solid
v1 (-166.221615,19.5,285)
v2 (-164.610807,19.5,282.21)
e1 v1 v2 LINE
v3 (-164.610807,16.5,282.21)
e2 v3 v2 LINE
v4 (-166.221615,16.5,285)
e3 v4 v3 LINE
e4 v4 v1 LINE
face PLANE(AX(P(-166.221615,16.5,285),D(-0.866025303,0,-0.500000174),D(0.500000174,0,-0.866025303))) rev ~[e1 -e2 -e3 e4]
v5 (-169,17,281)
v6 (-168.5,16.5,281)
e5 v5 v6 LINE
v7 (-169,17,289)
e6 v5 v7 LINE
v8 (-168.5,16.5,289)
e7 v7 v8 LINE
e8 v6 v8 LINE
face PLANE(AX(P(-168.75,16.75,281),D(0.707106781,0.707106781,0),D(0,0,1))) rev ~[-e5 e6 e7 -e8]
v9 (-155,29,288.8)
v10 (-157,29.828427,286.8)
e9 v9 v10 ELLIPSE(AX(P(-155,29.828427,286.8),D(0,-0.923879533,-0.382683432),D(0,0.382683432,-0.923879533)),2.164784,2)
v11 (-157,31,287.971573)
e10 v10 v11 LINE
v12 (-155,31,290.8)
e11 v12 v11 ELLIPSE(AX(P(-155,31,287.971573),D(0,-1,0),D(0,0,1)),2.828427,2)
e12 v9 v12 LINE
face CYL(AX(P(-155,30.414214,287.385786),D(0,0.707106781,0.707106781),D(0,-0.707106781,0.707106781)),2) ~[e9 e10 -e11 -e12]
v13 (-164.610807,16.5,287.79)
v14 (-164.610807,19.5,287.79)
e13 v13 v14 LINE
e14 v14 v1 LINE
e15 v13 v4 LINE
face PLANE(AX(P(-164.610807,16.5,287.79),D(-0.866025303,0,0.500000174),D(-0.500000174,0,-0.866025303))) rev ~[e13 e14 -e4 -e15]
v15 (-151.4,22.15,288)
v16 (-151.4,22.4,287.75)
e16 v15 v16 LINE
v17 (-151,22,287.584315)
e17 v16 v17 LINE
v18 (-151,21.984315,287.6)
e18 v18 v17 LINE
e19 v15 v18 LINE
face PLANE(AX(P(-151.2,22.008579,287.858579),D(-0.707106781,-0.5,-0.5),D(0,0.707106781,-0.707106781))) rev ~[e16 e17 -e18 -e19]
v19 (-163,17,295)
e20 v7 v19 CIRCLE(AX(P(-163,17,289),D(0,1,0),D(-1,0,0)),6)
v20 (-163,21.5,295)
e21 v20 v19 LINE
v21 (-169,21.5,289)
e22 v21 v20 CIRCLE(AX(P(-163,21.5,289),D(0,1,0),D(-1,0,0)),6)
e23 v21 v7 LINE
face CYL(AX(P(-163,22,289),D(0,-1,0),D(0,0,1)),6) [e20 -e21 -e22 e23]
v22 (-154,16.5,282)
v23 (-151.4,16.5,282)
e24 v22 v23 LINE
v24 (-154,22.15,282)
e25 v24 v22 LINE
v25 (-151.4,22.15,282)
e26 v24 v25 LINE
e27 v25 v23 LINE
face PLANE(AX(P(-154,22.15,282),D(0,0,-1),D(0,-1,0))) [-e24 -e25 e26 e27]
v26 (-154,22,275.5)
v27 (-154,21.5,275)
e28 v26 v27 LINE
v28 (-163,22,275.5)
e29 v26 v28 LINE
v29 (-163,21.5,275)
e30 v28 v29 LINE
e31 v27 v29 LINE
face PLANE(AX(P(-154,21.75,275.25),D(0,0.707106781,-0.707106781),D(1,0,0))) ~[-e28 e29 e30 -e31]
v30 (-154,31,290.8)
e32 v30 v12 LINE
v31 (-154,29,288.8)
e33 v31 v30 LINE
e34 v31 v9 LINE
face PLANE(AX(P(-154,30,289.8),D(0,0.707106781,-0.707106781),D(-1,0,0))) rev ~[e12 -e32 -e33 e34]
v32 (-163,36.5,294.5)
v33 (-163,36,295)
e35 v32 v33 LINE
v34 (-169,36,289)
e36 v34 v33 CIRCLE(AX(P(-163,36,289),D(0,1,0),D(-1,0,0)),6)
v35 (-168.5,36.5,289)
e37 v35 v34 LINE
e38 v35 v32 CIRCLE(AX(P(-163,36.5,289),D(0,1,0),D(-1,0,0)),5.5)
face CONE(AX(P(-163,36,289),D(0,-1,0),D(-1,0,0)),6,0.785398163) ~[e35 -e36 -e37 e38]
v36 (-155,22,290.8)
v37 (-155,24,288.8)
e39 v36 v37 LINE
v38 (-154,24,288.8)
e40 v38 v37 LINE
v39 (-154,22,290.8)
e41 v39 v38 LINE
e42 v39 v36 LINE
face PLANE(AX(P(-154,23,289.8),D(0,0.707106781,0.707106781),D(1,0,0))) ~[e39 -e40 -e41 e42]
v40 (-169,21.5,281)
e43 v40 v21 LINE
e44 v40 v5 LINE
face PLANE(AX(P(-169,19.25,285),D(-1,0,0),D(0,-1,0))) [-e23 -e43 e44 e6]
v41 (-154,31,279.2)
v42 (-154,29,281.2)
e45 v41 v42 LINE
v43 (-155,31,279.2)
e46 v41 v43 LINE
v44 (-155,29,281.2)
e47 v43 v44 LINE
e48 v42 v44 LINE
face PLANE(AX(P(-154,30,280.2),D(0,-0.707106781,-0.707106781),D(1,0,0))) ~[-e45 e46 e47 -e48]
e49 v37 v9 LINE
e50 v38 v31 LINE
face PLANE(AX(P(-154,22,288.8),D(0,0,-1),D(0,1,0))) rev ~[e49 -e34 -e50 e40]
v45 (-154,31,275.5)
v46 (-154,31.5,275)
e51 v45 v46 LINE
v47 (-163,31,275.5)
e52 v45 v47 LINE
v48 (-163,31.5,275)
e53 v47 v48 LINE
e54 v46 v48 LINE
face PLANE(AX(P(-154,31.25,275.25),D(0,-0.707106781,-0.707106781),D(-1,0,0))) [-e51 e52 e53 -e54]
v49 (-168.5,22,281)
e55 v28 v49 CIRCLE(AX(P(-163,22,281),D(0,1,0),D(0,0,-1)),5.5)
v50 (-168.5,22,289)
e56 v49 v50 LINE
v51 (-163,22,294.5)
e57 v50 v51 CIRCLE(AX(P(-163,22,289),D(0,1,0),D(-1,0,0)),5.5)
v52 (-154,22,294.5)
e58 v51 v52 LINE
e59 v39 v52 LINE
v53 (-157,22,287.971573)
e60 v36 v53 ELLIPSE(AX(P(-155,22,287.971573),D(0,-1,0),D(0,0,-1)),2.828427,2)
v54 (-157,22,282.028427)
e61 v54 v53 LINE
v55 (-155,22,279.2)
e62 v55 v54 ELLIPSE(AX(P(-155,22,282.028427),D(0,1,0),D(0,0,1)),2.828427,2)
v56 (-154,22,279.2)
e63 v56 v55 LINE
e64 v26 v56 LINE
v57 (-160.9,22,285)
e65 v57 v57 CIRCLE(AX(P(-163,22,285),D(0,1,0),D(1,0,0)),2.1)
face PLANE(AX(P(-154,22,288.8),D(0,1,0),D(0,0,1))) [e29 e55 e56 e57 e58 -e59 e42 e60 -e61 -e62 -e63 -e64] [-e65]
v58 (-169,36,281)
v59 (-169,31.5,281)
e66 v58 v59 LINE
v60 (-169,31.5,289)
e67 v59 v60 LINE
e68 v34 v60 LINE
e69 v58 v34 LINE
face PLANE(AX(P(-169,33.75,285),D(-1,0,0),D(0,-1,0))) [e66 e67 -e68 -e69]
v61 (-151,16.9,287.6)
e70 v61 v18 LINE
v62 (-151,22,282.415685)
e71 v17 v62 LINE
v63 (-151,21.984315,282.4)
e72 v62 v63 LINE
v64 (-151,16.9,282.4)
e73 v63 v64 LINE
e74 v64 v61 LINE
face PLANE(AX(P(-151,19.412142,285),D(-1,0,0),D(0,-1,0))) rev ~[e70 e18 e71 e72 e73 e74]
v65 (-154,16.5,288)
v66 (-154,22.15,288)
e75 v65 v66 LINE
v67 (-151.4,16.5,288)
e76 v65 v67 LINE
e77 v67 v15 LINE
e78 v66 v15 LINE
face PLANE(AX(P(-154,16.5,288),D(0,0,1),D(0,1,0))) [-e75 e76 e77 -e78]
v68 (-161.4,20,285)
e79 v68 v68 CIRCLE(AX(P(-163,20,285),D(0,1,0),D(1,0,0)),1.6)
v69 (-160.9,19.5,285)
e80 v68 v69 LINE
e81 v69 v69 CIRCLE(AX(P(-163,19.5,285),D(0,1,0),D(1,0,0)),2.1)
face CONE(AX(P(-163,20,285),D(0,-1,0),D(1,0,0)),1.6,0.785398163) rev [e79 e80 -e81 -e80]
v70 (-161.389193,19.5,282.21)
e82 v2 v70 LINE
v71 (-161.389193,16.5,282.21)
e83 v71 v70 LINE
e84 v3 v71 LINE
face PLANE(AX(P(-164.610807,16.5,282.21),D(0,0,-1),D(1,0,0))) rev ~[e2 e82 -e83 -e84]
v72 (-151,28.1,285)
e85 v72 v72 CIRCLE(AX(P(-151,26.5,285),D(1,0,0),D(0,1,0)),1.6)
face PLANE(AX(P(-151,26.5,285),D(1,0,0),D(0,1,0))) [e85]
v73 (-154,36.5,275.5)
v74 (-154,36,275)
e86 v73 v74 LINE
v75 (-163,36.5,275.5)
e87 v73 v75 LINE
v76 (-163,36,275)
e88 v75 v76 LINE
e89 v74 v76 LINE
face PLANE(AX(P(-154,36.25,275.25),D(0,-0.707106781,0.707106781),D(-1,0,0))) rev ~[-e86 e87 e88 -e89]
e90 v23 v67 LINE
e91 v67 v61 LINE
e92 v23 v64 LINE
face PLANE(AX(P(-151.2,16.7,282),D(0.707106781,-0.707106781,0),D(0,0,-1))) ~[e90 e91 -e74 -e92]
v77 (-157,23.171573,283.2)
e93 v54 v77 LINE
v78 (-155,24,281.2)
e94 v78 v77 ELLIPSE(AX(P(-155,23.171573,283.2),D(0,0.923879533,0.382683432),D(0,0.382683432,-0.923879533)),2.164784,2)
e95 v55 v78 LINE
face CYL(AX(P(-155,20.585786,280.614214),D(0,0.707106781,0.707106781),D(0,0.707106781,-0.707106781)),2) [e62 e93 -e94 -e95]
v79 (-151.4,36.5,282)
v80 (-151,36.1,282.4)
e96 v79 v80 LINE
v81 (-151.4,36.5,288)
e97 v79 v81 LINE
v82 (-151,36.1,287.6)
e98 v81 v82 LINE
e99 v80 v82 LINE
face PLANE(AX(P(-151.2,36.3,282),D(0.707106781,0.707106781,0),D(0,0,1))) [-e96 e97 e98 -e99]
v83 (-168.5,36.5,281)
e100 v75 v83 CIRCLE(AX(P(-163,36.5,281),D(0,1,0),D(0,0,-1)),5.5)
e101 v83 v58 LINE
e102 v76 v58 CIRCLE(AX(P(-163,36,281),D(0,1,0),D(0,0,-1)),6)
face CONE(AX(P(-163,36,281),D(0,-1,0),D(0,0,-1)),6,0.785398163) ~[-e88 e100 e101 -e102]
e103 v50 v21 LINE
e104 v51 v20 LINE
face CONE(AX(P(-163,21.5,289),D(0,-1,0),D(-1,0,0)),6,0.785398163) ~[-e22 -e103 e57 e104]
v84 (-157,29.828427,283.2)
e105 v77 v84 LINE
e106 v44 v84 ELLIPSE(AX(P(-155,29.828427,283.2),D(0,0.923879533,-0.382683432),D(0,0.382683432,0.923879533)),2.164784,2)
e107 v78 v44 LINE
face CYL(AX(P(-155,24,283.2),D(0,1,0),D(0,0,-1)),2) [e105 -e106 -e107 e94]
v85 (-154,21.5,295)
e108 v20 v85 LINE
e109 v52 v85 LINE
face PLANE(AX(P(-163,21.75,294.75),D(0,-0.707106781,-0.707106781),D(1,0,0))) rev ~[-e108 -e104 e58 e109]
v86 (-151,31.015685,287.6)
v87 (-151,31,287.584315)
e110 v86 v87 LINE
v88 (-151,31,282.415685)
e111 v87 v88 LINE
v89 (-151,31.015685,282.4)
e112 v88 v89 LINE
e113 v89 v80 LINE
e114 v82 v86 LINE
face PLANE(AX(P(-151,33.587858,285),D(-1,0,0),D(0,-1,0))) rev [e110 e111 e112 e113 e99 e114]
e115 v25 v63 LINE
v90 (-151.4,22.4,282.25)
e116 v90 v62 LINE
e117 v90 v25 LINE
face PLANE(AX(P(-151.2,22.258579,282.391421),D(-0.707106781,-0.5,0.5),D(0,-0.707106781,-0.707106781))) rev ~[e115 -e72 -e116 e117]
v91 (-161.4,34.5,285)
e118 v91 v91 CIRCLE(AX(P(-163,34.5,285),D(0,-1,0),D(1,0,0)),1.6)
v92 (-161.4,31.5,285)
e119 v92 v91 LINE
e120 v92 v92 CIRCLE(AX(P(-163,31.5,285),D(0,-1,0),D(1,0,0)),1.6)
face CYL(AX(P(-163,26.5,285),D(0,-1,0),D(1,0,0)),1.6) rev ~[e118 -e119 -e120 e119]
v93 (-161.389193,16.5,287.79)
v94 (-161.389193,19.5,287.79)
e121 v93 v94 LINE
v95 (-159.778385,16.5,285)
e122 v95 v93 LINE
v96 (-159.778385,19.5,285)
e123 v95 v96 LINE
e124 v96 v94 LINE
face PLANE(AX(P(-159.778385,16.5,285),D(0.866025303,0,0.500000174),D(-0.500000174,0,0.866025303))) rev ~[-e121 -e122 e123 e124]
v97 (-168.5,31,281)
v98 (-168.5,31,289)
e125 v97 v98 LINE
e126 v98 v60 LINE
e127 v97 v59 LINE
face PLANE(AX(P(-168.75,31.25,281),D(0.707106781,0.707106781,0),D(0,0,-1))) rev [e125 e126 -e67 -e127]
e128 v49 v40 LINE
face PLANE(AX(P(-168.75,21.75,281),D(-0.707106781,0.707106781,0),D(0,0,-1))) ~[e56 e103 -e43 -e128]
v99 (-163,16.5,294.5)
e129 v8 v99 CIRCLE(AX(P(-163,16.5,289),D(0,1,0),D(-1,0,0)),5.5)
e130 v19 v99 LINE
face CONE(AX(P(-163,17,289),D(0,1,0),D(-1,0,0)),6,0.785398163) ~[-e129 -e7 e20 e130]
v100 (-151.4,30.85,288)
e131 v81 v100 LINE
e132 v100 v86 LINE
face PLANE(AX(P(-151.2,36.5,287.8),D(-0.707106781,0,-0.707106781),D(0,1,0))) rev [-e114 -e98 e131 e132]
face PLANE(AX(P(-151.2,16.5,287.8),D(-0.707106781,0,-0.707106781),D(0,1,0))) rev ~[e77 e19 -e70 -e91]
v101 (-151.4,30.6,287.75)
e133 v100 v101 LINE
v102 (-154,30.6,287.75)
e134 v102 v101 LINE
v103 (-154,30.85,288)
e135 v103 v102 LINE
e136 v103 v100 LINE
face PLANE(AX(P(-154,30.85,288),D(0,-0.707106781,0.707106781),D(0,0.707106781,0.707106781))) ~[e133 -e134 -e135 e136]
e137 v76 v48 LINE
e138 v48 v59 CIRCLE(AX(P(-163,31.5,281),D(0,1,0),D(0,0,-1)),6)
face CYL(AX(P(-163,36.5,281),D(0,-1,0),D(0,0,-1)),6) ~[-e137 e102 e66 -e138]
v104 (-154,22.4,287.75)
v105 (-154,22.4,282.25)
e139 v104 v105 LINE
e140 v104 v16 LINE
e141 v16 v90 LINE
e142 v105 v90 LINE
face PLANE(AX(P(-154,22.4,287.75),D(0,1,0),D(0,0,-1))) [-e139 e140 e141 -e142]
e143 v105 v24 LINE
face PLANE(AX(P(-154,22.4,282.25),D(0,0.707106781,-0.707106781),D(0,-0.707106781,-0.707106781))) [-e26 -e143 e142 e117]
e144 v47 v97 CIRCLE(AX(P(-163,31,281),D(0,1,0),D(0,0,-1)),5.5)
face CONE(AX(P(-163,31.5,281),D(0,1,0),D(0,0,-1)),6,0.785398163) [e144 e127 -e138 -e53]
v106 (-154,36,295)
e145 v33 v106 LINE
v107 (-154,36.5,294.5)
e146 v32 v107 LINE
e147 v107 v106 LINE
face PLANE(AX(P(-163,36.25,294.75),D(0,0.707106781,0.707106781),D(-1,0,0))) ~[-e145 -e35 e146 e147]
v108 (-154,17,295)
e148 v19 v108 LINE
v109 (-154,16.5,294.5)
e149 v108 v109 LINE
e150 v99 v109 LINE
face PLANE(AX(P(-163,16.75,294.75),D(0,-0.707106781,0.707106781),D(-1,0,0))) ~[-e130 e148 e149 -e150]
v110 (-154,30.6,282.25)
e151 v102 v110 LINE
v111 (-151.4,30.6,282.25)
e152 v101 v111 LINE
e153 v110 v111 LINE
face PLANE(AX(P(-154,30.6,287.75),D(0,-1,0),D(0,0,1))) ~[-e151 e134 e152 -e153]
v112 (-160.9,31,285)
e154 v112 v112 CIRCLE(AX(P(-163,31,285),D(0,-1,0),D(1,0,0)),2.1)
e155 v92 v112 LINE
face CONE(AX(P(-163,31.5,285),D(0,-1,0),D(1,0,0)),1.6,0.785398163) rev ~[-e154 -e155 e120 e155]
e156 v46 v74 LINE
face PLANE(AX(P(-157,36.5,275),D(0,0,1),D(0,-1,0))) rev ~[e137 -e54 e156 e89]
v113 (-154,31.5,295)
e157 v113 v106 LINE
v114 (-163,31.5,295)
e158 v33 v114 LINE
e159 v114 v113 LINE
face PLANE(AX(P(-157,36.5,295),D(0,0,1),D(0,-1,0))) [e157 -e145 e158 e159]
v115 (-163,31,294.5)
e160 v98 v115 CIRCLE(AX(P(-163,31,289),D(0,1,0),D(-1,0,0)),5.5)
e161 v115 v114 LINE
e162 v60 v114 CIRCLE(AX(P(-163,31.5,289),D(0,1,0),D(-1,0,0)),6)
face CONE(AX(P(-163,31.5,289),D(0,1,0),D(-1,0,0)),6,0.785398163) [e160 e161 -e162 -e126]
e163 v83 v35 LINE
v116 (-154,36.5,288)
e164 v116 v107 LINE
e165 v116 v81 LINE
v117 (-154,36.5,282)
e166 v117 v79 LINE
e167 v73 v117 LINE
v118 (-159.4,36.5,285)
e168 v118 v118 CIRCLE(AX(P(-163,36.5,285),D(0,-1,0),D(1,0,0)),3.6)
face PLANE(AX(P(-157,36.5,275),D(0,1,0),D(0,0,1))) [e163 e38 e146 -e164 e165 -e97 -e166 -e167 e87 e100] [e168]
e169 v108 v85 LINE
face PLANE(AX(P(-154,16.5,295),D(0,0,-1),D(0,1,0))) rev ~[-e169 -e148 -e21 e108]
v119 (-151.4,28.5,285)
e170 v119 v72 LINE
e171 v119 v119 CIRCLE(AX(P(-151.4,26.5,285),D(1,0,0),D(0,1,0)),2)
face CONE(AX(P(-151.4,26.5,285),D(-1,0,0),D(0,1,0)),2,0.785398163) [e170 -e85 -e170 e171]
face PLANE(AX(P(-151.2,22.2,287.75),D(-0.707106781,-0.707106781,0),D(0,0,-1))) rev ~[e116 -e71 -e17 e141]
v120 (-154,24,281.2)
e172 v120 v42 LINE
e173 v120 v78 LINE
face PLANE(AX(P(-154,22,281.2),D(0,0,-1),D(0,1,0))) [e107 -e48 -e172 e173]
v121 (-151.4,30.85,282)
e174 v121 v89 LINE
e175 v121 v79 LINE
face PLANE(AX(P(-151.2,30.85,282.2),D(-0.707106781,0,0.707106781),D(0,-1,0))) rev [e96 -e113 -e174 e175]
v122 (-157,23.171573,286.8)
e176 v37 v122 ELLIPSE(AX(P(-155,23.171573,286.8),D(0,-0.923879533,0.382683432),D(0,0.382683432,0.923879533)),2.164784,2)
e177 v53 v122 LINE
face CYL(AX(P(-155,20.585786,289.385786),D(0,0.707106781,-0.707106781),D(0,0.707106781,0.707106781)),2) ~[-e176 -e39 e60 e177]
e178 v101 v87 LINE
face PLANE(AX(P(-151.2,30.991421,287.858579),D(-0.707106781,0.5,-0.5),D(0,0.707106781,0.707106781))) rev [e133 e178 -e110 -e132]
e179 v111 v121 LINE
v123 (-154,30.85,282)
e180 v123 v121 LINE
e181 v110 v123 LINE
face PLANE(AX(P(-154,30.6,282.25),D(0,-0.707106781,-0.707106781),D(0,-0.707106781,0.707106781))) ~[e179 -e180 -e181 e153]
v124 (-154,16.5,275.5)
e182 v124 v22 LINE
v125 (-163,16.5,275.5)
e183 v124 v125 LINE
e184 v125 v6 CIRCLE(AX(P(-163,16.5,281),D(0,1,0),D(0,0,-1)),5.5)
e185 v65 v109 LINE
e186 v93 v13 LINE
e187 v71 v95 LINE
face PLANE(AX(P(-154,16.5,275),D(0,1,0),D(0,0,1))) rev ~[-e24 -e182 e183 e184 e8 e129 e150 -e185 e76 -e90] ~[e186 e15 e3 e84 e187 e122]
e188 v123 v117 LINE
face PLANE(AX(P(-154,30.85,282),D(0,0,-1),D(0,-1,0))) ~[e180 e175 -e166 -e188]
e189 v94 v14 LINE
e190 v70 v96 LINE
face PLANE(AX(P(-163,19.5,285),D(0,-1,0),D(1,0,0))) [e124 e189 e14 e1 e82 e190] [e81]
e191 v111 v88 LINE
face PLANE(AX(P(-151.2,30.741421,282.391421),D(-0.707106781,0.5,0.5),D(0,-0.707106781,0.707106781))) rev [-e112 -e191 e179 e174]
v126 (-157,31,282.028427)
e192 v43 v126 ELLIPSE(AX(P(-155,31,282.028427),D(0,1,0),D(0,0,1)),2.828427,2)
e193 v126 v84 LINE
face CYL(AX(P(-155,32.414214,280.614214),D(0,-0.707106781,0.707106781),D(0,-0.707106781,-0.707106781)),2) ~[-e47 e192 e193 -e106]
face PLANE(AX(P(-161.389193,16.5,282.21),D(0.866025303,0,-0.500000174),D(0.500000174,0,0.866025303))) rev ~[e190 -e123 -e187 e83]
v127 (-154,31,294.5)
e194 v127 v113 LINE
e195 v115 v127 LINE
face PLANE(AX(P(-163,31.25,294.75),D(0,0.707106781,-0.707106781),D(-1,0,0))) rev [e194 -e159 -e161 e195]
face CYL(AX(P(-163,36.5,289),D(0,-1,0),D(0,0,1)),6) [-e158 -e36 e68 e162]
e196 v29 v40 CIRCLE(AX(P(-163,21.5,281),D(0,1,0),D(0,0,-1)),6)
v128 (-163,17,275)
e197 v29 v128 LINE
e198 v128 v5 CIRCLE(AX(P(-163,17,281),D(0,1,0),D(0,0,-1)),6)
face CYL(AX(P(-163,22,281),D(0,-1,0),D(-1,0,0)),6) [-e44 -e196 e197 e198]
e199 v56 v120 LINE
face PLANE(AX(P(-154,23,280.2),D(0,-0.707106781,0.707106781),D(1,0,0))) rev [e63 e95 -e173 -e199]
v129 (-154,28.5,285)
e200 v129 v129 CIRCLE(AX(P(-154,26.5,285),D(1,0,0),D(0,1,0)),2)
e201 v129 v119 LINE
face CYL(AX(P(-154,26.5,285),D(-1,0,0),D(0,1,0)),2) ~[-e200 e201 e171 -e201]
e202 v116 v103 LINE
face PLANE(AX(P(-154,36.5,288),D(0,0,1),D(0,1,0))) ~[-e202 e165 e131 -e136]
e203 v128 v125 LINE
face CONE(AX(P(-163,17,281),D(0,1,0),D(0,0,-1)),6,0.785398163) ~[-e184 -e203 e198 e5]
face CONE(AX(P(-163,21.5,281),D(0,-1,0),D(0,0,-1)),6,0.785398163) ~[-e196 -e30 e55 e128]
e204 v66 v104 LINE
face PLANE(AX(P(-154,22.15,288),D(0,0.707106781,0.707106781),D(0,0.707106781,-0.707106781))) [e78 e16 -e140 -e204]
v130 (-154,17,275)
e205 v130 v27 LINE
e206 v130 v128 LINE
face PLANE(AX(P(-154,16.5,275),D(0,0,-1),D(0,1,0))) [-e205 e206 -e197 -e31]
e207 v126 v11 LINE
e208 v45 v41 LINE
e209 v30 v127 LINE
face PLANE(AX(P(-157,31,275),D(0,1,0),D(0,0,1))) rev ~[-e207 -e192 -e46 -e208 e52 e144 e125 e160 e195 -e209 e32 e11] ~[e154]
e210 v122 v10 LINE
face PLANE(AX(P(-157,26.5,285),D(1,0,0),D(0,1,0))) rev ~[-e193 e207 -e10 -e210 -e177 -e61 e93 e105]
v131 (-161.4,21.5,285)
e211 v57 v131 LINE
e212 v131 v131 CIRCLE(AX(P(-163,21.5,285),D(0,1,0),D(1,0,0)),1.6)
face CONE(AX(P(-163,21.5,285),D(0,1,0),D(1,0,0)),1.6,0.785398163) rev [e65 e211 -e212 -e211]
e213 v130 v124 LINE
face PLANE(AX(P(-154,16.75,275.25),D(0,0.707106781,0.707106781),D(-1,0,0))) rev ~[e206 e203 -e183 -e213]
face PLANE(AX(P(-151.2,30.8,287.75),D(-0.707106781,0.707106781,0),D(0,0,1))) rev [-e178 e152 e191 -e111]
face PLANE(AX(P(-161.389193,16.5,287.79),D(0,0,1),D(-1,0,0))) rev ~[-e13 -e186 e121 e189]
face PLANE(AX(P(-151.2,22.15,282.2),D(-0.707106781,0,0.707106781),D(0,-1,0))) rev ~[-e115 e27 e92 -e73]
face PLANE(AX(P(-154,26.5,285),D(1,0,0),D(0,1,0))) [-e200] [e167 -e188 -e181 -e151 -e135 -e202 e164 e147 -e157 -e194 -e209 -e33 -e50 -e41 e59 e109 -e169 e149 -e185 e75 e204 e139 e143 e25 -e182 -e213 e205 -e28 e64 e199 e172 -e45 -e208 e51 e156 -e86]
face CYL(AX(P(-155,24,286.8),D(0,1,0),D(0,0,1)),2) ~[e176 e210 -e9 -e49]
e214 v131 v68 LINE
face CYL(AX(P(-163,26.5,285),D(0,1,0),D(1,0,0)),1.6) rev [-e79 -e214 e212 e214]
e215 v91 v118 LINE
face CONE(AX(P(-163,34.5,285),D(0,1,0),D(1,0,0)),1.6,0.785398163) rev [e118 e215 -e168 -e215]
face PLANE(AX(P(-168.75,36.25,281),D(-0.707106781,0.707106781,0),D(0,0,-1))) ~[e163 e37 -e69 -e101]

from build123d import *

# Parameters (mm, degrees)
SKETCH059_W          = 20
SKETCH059_H          = 20
PAD020_DEPTH         = 3
SKETCH060_W          = 9
SKETCH060_H          = 6.2
POCKET042_DEPTH      = 3.001
CHAMFER019_SIZE      = 2
PAD021_DEPTH         = 3
SKETCH062_R          = 2
PAD022_DEPTH         = 3
CHAMFER020_SIZE      = 0.4
SKETCH063_W          = 5.5
SKETCH063_H          = 20
PAD023_DEPTH         = 12
FILLET012_R          = 6
FILLET013_R          = 2
SKETCH064_R          = 1.6
POCKET043_DEPTH      = 10.001
POCKET043_DEPTH_BACK = 10.001
CHAMFER021_SIZE      = 2
POCKET044_DEPTH      = 3
CHAMFER022_SIZE      = 0.5


with BuildPart() as part:
    # Sketch059 → Pad020 (new body)
    with BuildSketch(Plane.YZ):
        Rectangle(SKETCH059_W, SKETCH059_H)
    extrude(amount=-PAD020_DEPTH)

    # Sketch060 (on Face5 of Pad020) → Pocket042 (cut, through all)
    with BuildSketch(Plane.YZ):
        with Locations((0, -6.9)):
            Rectangle(SKETCH060_W, SKETCH060_H)
        with Locations((0, 6.9)):
            Rectangle(SKETCH060_W, SKETCH060_H)
    extrude(amount=-POCKET042_DEPTH, mode=Mode.SUBTRACT)

    # Chamfer019
    chamfer019_edges = [part.edges().sort_by_distance(p)[0] for p in [
        (-1.5, 4.5, -3.8),
        (-1.5, -4.5, -3.8),
        (-1.5, -4.5, 3.8),
        (-1.5, 4.5, 3.8),
    ]]
    chamfer(chamfer019_edges, length=CHAMFER019_SIZE)

    # Sketch061 (on Face1 of Chamfer019) → Pad021 (join)
    with BuildSketch(Plane.YZ):
        Polygon((-10, 3), (-4.35, 3), (-4.1, 2.75), (-4.1, -2.75), (-4.35, -3), (-10, -3), align=None)
    pad021 = extrude(amount=PAD021_DEPTH)

    # Mirrored001: Pad021 across Sketch061 V_Axis
    add(pad021.mirror(Plane(origin=(0, 0, 0), x_dir=(1, 0, 0), z_dir=(0, 1, 0))))

    # Sketch062 (on Face1 of Mirrored001) → Pad022 (join)
    with BuildSketch(Plane.YZ):
        Circle(SKETCH062_R)
    extrude(amount=PAD022_DEPTH)

    # Chamfer020
    chamfer020_edges = [part.edges().sort_by_distance(p)[0] for p in [
        (3, -2, 0),
        (3, -7.175, 3),
        (3, -4.225, 2.875),
        (3, -4.1, 0),
        (3, -4.225, -2.875),
        (3, -7.175, -3),
        (3, -10, 0),
        (3, 7.175, 3),
        (3, 4.225, 2.875),
        (3, 4.1, 0),
        (3, 4.225, -2.875),
        (3, 7.175, -3),
        (3, 10, 0),
    ]]
    chamfer(chamfer020_edges, length=CHAMFER020_SIZE)

    # Sketch063 (on Face7 of Chamfer020) → Pad023 (join)
    with BuildSketch(Plane(origin=(-3, 0, 0), x_dir=(0, -1, 0), z_dir=(-1, 0, 0))):
        with Locations((-7.25, 0)):
            Rectangle(SKETCH063_W, SKETCH063_H)
        with Locations((7.25, 0)):
            Rectangle(SKETCH063_W, SKETCH063_H)
    extrude(amount=PAD023_DEPTH)

    # Fillet012
    fillet012_edges = [part.edges().sort_by_distance(p)[0] for p in [
        (-15, 7.25, -10),
        (-15, -7.25, -10),
        (-15, -7.25, 10),
        (-15, 7.25, 10),
    ]]
    fillet(fillet012_edges, radius=FILLET012_R)

    # Fillet013
    fillet013_edges = [part.edges().sort_by_distance(p)[0] for p in [
        (-3, 0, 3.8),
        (-3, 0, -3.8),
        (-3, 3.5, 4.8),
        (-3, -3.5, 4.8),
        (-3, -3.5, -4.8),
        (-3, 3.5, -4.8),
    ]]
    fillet(fillet013_edges, radius=FILLET013_R)

    # Sketch064 → Pocket043 (cut, two sides)
    with BuildSketch(Plane.XZ) as pocket043_sk:
        with Locations((-9, 0)):
            Circle(SKETCH064_R)
    extrude(amount=-POCKET043_DEPTH, mode=Mode.SUBTRACT)
    extrude(pocket043_sk.sketch, amount=POCKET043_DEPTH_BACK, mode=Mode.SUBTRACT)

    # Chamfer021
    chamfer021_edges = [part.edges().sort_by_distance(p)[0] for p in [
        (-10.6, 10, 0),
    ]]
    chamfer(chamfer021_edges, length=CHAMFER021_SIZE)

    # Sketch065 (on Face26 of Chamfer021) → Pocket044 (cut)
    with BuildSketch(Plane.XZ.offset(10)):
        Polygon((-5.778385, 0), (-7.389193, 2.79), (-10.610807, 2.79), (-12.221615, 0), (-10.610807, -2.79), (-7.389193, -2.79), align=None)
    extrude(amount=-POCKET044_DEPTH, mode=Mode.SUBTRACT)

    # Chamfer022
    chamfer022_edges = [part.edges().sort_by_distance(p)[0] for p in [
        (-4.5, -10, 10),
        (-4.5, 10, 10),
        (-4.5, -4.5, 10),
        (-4.5, 4.5, 10),
        (-10.6, 4.5, 0),
        (-10.6, -4.5, 0),
        (-10.6, -7, 0),
    ]]
    chamfer(chamfer022_edges, length=CHAMFER022_SIZE)


with BuildPart() as part_1:
    # Body012 placement: moved
    add(part.part.moved(Location((-154, 26.5, 285))))


solid = part_1.part
